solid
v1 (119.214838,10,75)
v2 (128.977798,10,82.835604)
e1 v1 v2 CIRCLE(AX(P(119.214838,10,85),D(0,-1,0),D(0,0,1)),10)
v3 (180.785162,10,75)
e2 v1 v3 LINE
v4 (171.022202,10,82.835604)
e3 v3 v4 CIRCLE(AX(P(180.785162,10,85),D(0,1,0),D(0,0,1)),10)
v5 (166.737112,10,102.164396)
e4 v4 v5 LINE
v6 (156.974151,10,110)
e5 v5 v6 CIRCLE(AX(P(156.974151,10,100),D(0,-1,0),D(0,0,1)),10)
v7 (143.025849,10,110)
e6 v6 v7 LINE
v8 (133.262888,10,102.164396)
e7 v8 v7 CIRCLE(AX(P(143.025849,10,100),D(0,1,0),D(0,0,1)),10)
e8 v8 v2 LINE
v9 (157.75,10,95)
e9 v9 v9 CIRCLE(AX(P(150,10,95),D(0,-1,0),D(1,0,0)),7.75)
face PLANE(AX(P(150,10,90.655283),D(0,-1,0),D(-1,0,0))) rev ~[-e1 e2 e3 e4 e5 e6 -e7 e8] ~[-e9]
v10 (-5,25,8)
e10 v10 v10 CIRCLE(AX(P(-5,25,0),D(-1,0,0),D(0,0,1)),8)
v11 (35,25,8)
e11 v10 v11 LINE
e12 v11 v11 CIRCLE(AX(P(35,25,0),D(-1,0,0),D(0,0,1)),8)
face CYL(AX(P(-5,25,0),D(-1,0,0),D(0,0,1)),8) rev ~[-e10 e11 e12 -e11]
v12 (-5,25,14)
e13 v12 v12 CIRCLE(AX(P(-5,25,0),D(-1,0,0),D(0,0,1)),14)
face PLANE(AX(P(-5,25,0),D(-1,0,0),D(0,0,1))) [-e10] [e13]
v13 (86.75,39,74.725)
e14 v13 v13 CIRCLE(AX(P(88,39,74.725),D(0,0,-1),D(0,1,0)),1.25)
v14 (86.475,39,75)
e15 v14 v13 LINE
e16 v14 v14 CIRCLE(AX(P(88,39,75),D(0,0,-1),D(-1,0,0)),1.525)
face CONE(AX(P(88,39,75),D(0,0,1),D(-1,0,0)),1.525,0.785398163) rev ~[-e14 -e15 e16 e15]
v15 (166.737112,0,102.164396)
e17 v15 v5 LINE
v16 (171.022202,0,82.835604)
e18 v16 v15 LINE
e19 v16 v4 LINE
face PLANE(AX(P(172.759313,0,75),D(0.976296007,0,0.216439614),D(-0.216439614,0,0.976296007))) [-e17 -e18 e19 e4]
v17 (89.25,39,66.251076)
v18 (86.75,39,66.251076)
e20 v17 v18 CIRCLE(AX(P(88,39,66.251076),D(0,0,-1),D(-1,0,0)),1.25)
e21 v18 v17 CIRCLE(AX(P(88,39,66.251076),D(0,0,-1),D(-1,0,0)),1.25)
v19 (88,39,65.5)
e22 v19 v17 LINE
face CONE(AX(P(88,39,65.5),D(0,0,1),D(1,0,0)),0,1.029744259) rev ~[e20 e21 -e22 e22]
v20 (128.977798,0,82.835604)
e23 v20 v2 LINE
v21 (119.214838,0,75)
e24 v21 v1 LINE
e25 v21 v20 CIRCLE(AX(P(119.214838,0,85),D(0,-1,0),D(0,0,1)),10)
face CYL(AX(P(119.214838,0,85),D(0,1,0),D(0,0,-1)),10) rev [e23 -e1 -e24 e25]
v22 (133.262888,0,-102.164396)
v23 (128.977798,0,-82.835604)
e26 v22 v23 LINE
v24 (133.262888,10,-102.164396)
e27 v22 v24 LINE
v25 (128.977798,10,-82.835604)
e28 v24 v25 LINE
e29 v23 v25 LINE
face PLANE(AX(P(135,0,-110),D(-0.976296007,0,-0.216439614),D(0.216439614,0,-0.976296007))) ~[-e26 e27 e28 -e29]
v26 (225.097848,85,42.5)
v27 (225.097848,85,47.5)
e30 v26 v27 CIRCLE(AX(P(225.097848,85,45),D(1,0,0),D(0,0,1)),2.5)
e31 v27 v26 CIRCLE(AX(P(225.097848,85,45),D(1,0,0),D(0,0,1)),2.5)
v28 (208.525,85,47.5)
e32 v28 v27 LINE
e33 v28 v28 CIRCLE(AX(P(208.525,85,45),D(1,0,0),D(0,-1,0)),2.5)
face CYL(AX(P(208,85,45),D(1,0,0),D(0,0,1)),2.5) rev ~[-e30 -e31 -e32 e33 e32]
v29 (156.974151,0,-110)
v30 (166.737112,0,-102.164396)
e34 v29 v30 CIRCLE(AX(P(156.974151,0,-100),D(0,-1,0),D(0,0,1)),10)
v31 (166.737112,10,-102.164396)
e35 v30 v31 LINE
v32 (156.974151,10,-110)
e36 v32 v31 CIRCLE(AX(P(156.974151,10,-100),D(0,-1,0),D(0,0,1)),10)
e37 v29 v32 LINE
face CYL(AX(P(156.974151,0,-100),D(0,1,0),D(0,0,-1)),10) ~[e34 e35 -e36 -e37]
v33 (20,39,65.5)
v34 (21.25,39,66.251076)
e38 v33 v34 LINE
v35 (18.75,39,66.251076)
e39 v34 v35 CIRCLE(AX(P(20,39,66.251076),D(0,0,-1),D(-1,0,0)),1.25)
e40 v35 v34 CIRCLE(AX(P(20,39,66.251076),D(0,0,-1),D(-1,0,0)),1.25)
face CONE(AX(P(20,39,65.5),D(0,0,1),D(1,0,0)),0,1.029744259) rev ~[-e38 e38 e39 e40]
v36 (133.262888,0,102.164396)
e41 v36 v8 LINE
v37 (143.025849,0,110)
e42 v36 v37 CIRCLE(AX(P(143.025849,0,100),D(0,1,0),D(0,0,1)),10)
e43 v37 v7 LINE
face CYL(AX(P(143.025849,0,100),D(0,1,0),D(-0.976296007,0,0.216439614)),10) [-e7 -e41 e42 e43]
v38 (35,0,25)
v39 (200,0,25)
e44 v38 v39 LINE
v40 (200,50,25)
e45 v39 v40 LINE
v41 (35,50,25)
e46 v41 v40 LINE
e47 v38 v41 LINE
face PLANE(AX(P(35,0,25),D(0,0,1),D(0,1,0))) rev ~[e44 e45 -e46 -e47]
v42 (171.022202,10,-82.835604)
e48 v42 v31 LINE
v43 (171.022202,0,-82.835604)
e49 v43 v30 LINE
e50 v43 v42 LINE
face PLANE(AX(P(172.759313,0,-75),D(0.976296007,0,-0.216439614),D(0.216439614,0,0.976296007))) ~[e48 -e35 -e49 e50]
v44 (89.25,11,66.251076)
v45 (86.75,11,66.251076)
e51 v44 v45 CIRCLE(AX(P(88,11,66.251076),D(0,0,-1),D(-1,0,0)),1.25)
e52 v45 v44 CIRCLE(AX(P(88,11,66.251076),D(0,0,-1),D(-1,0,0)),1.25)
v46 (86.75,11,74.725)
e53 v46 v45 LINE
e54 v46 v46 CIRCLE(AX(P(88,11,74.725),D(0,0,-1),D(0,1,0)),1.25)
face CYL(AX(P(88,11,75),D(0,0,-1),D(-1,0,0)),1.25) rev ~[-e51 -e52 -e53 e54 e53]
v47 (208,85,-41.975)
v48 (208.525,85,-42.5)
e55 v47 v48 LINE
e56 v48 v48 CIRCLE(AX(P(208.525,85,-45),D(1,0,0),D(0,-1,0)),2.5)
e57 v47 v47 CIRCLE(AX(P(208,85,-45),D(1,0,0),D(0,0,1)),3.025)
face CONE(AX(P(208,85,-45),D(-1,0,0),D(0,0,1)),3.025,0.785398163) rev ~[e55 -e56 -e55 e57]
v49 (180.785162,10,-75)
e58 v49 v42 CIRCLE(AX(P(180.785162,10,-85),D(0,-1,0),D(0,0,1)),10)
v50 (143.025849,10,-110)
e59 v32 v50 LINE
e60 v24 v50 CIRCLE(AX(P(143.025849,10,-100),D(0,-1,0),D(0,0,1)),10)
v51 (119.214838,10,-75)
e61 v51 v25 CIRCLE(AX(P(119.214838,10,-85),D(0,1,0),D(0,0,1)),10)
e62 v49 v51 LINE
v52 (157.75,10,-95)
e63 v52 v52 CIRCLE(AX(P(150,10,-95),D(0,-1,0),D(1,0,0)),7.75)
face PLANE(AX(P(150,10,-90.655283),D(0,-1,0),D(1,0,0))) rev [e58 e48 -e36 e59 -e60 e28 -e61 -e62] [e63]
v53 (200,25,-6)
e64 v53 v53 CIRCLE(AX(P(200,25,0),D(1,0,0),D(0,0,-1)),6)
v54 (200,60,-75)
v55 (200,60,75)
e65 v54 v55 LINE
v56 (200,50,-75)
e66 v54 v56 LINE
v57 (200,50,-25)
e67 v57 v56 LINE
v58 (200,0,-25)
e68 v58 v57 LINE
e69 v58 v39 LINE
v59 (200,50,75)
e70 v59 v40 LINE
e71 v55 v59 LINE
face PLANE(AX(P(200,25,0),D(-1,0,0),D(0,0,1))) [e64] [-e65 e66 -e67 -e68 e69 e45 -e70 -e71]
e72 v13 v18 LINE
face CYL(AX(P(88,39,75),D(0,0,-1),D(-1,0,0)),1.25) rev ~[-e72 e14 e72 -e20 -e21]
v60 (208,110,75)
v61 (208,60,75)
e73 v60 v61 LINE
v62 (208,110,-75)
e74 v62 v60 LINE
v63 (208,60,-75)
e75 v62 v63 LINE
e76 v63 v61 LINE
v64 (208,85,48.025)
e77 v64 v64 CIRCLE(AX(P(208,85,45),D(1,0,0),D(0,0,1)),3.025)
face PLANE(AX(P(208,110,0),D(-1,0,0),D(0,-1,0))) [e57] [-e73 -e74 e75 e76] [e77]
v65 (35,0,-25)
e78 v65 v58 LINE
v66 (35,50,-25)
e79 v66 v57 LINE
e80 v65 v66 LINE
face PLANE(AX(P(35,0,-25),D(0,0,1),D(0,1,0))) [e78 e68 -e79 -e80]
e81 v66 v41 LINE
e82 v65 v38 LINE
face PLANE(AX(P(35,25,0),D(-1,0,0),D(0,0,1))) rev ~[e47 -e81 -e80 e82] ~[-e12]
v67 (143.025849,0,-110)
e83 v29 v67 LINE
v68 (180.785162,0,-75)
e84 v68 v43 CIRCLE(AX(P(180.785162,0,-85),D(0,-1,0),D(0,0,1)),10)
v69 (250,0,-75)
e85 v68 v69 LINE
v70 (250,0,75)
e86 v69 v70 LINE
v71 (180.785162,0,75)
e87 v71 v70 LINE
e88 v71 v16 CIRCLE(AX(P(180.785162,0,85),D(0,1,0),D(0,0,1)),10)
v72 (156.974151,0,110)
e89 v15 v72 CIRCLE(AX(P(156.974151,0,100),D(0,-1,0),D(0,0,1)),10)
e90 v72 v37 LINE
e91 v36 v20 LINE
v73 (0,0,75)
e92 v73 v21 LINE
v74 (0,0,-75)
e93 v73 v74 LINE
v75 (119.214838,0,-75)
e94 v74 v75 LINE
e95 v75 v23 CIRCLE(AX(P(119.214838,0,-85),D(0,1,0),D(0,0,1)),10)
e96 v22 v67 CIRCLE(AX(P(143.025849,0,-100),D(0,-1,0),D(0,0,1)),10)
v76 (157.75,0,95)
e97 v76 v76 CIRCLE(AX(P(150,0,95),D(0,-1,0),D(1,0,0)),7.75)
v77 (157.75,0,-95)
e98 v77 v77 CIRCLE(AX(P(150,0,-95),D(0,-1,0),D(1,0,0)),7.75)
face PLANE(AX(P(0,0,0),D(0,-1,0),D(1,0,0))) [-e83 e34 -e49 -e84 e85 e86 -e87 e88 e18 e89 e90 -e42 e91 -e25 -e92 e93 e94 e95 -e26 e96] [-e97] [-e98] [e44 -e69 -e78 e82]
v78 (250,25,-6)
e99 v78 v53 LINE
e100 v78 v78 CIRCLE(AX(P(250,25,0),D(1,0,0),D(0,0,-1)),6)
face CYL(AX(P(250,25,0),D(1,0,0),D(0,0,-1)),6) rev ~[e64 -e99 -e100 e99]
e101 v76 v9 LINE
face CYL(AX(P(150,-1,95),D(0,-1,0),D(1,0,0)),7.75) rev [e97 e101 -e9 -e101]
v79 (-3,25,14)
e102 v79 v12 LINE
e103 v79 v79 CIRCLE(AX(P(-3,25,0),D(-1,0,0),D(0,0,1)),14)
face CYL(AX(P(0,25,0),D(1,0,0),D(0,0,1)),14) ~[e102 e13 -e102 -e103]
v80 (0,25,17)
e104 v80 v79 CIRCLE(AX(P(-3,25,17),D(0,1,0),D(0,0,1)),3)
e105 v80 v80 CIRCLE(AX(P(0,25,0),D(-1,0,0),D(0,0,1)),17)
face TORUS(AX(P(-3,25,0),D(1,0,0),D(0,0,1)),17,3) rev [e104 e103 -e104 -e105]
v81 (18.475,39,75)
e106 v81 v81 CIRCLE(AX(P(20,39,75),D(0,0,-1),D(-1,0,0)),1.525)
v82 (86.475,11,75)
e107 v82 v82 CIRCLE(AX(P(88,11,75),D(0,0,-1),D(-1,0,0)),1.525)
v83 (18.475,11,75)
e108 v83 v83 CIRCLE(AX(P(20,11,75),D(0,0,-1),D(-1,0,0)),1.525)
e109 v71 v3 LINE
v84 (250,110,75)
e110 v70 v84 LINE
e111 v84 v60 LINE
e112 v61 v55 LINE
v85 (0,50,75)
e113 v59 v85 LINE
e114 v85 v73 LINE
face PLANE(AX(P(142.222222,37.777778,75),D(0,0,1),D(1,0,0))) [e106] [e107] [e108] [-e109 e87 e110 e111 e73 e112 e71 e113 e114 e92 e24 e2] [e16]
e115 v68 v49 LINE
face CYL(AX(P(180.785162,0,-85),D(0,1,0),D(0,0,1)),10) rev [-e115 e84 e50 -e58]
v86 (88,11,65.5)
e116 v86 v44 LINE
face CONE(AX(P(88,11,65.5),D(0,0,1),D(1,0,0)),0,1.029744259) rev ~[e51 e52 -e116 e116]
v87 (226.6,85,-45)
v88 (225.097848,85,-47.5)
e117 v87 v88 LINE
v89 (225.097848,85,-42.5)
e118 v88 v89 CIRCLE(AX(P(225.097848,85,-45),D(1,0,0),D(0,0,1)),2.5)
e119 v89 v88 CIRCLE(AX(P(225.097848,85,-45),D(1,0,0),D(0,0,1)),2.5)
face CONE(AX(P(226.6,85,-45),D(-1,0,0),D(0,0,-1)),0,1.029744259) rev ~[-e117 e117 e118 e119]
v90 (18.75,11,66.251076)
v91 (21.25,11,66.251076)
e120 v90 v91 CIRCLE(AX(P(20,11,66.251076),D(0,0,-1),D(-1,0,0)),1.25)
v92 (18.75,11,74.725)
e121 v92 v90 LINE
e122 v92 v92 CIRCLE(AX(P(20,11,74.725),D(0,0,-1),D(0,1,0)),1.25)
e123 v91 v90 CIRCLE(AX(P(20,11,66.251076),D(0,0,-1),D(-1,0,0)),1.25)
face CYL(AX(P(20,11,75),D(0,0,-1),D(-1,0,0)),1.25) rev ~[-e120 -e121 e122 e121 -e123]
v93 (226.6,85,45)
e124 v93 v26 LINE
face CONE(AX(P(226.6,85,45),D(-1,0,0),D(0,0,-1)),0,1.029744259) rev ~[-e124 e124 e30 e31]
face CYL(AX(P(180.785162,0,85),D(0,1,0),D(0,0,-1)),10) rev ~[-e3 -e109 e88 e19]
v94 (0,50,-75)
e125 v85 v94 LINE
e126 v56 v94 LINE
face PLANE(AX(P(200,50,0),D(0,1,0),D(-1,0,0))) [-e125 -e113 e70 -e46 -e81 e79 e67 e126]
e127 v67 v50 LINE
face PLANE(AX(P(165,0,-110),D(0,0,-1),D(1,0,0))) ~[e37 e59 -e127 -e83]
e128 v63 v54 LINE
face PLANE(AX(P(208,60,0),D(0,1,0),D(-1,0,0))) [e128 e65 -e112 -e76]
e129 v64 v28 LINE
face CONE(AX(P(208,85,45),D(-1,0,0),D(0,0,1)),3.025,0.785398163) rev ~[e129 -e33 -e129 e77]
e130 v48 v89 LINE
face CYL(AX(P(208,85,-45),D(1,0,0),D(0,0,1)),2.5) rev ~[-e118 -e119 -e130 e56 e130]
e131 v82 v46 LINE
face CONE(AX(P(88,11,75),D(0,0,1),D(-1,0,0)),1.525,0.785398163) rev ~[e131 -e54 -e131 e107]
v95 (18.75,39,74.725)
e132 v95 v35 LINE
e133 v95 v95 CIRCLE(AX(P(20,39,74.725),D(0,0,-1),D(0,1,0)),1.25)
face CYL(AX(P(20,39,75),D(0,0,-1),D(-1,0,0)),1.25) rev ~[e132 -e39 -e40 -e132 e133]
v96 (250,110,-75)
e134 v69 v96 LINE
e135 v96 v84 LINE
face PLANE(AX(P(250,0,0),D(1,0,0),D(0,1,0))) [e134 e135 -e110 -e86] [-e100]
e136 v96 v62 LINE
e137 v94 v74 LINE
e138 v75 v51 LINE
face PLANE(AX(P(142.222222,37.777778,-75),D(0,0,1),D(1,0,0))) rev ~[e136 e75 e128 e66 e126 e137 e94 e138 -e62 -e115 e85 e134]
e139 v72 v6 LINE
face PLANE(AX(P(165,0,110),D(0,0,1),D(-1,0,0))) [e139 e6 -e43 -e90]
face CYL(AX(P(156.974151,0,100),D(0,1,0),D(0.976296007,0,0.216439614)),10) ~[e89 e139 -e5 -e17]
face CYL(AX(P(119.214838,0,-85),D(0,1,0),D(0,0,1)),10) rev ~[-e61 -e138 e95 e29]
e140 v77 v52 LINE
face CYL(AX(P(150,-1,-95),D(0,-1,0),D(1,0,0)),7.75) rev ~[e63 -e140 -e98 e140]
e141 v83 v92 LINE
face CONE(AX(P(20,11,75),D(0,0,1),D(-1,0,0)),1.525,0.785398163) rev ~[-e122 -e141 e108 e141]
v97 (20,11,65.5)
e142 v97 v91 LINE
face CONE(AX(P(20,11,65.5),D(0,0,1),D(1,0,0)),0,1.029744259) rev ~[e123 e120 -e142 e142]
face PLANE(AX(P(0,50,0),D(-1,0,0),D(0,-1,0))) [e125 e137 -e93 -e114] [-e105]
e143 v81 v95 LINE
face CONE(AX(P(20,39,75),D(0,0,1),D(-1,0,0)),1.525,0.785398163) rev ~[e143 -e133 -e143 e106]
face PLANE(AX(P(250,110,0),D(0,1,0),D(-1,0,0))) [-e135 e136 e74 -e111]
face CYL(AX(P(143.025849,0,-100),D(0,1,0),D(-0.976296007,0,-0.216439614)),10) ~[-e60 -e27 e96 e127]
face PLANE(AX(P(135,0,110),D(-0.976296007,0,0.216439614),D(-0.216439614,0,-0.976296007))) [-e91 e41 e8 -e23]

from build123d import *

# Parameters (mm, degrees)
BOSS_EXTRUDE2_DEPTH             = 75
CUT_EXTRUDE1_START              = -35
SKETCH3_W                       = 50
SKETCH3_H                       = 50
CUT_EXTRUDE1_DEPTH              = 165
SKETCH4_R                       = 14
BOSS_EXTRUDE3_DEPTH             = 5
CUT_EXTRUDE2_REACH              = 257
SKETCH5_R                       = 6
CUT_EXTRUDE2_DIRECTION_2_DEPTH  = 1
CUT_EXTRUDE4_REACH              = 257
SKETCH9_R                       = 8
FILLET2_R                       = 3
M6X1_0_TAPPED_HOLE2_D           = 5
M6X1_0_TAPPED_HOLE2_DEPTH       = 17.097848452
M6X1_0_TAPPED_HOLE2_CSINK_D     = 6.05
M6X1_0_TAPPED_HOLE2_CSINK_ANGLE = 90
M6X1_0_TAPPED_HOLE2_TIP         = 1.502151548
M3X0_5_TAPPED_HOLE1_D           = 2.5
M3X0_5_TAPPED_HOLE1_DEPTH       = 8.748924226
M3X0_5_TAPPED_HOLE1_CSINK_D     = 3.05
M3X0_5_TAPPED_HOLE1_CSINK_ANGLE = 90
M3X0_5_TAPPED_HOLE1_TIP         = 0.751075774
BOSS_EXTRUDE4_DEPTH             = 10
CUT_EXTRUDE5_START              = -11
SKETCH17_R                      = 7.75
CUT_EXTRUDE5_DEPTH              = 112
FILLET3_R                       = 10
FILLET4_R                       = 10


with BuildPart() as part:
    # Sketch1 → Boss-Extrude2 (new body, symmetric)
    with BuildSketch(Plane.XY):
        Polygon((0, 0), (250, 0), (250, 110), (208, 110), (208, 60), (200, 60), (200, 50), (0, 50), align=None)
    extrude(amount=BOSS_EXTRUDE2_DEPTH, both=True)

    # Sketch3 → Cut-Extrude1 (cut)
    with BuildSketch(Plane.ZY.offset(CUT_EXTRUDE1_START)):
        with Locations((0, 25)):
            Rectangle(SKETCH3_W, SKETCH3_H)
    extrude(amount=-CUT_EXTRUDE1_DEPTH, mode=Mode.SUBTRACT)

    # Sketch4 → Boss-Extrude3 (add)
    with BuildSketch(Plane.ZY):
        with Locations((0, 25)):
            Circle(SKETCH4_R)
    extrude(amount=BOSS_EXTRUDE3_DEPTH)

    # Sketch5 → Cut-Extrude2 (cut, up to next)
    with BuildSketch(Plane(origin=(250, 0, 0), x_dir=(0, 0, -1), z_dir=(1, 0, 0)), mode=Mode.PRIVATE) as cut_extrude2_sk1:
        with Locations((0, 25)):
            Circle(SKETCH5_R)
    cut_extrude2_tool1 = extrude(cut_extrude2_sk1.sketch, amount=-CUT_EXTRUDE2_REACH, mode=Mode.PRIVATE) & part.part
    add(cut_extrude2_tool1.solids().sort_by_distance((250, 25, 0))[0], mode=Mode.SUBTRACT)

    # Sketch5 → Cut-Extrude2 direction 2 (cut)
    with BuildSketch(Plane(origin=(250, 0, 0), x_dir=(0, 0, -1), z_dir=(1, 0, 0))):
        with Locations((0, 25)):
            Circle(SKETCH5_R)
    extrude(amount=CUT_EXTRUDE2_DIRECTION_2_DEPTH, mode=Mode.SUBTRACT)

    # Sketch9 → Cut-Extrude4 (cut, up to next)
    with BuildSketch(Plane.ZY.offset(5), mode=Mode.PRIVATE) as cut_extrude4_sk1:
        with Locations((0, 25)):
            Circle(SKETCH9_R)
    cut_extrude4_tool1 = extrude(cut_extrude4_sk1.sketch, amount=-CUT_EXTRUDE4_REACH, mode=Mode.PRIVATE) & part.part
    add(cut_extrude4_tool1.solids().sort_by_distance((-5, 25, 0))[0], mode=Mode.SUBTRACT)

    # Fillet2
    fillet2_edges = [part.edges().sort_by_distance(p)[0] for p in [
        (0, 25, -14),
    ]]
    fillet(fillet2_edges, radius=FILLET2_R)

    # M6x1.0 Tapped Hole2
    with Locations(Plane(origin=(208, 85, -45), x_dir=(0, 0, -1), z_dir=(-1, 0, 0))):
        with Locations((0, 0), (-90, 0)):
            CounterSinkHole(M6X1_0_TAPPED_HOLE2_D / 2, M6X1_0_TAPPED_HOLE2_CSINK_D / 2, depth=M6X1_0_TAPPED_HOLE2_DEPTH, counter_sink_angle=M6X1_0_TAPPED_HOLE2_CSINK_ANGLE)
            with Locations((0, 0, -(M6X1_0_TAPPED_HOLE2_DEPTH + M6X1_0_TAPPED_HOLE2_TIP / 2))):  # 118° drill point
                Cone(0, M6X1_0_TAPPED_HOLE2_D / 2, M6X1_0_TAPPED_HOLE2_TIP, mode=Mode.SUBTRACT)

    # M3x0.5 Tapped Hole1
    with Locations(Plane(origin=(20, 39, 75), x_dir=(1, 0, 0), z_dir=(0, 0, 1))):
        with Locations((0, 0), (68, 0), (68, -28), (0, -28)):
            CounterSinkHole(M3X0_5_TAPPED_HOLE1_D / 2, M3X0_5_TAPPED_HOLE1_CSINK_D / 2, depth=M3X0_5_TAPPED_HOLE1_DEPTH, counter_sink_angle=M3X0_5_TAPPED_HOLE1_CSINK_ANGLE)
            with Locations((0, 0, -(M3X0_5_TAPPED_HOLE1_DEPTH + M3X0_5_TAPPED_HOLE1_TIP / 2))):  # 118° drill point
                Cone(0, M3X0_5_TAPPED_HOLE1_D / 2, M3X0_5_TAPPED_HOLE1_TIP, mode=Mode.SUBTRACT)

    # Sketch15 → Boss-Extrude4 (add)
    with BuildSketch(Plane(origin=(0, 0, 0), x_dir=(1, 0, 0), z_dir=(0, 1, 0))):
        Polygon((127.240686807, -75), (172.759313193, -75), (165, -110), (135, -110), align=None)
    boss_extrude4 = extrude(amount=BOSS_EXTRUDE4_DEPTH)

    # Sketch17 → Cut-Extrude5 (cut)
    with BuildSketch(Plane(origin=(0, 10, 0), x_dir=(1, 0, 0), z_dir=(0, 1, 0)).offset(CUT_EXTRUDE5_START)):
        with Locations((150, -95)):
            Circle(SKETCH17_R)
    cut_extrude5 = extrude(amount=CUT_EXTRUDE5_DEPTH, mode=Mode.SUBTRACT)

    # Fillet3
    fillet3_edges = [part.edges().sort_by_distance(p)[0] for p in [
        (135, 5, 110),
        (165, 5, 110),
        (172.759313193, 5, 75),
        (127.240686807, 5, 75),
    ]]
    fillet(fillet3_edges, radius=FILLET3_R)

    # Mirror3: Boss-Extrude4, Cut-Extrude5 across plane
    add(boss_extrude4.mirror(Plane.XY))
    add(cut_extrude5.mirror(Plane.XY), mode=Mode.SUBTRACT)

    # Fillet4
    fillet4_edges = [part.edges().sort_by_distance(p)[0] for p in [
        (165, 5, -110),
        (135, 5, -110),
        (127.240686807, 5, -75),
        (172.759313193, 5, -75),
    ]]
    fillet(fillet4_edges, radius=FILLET4_R)


solid = part.part
